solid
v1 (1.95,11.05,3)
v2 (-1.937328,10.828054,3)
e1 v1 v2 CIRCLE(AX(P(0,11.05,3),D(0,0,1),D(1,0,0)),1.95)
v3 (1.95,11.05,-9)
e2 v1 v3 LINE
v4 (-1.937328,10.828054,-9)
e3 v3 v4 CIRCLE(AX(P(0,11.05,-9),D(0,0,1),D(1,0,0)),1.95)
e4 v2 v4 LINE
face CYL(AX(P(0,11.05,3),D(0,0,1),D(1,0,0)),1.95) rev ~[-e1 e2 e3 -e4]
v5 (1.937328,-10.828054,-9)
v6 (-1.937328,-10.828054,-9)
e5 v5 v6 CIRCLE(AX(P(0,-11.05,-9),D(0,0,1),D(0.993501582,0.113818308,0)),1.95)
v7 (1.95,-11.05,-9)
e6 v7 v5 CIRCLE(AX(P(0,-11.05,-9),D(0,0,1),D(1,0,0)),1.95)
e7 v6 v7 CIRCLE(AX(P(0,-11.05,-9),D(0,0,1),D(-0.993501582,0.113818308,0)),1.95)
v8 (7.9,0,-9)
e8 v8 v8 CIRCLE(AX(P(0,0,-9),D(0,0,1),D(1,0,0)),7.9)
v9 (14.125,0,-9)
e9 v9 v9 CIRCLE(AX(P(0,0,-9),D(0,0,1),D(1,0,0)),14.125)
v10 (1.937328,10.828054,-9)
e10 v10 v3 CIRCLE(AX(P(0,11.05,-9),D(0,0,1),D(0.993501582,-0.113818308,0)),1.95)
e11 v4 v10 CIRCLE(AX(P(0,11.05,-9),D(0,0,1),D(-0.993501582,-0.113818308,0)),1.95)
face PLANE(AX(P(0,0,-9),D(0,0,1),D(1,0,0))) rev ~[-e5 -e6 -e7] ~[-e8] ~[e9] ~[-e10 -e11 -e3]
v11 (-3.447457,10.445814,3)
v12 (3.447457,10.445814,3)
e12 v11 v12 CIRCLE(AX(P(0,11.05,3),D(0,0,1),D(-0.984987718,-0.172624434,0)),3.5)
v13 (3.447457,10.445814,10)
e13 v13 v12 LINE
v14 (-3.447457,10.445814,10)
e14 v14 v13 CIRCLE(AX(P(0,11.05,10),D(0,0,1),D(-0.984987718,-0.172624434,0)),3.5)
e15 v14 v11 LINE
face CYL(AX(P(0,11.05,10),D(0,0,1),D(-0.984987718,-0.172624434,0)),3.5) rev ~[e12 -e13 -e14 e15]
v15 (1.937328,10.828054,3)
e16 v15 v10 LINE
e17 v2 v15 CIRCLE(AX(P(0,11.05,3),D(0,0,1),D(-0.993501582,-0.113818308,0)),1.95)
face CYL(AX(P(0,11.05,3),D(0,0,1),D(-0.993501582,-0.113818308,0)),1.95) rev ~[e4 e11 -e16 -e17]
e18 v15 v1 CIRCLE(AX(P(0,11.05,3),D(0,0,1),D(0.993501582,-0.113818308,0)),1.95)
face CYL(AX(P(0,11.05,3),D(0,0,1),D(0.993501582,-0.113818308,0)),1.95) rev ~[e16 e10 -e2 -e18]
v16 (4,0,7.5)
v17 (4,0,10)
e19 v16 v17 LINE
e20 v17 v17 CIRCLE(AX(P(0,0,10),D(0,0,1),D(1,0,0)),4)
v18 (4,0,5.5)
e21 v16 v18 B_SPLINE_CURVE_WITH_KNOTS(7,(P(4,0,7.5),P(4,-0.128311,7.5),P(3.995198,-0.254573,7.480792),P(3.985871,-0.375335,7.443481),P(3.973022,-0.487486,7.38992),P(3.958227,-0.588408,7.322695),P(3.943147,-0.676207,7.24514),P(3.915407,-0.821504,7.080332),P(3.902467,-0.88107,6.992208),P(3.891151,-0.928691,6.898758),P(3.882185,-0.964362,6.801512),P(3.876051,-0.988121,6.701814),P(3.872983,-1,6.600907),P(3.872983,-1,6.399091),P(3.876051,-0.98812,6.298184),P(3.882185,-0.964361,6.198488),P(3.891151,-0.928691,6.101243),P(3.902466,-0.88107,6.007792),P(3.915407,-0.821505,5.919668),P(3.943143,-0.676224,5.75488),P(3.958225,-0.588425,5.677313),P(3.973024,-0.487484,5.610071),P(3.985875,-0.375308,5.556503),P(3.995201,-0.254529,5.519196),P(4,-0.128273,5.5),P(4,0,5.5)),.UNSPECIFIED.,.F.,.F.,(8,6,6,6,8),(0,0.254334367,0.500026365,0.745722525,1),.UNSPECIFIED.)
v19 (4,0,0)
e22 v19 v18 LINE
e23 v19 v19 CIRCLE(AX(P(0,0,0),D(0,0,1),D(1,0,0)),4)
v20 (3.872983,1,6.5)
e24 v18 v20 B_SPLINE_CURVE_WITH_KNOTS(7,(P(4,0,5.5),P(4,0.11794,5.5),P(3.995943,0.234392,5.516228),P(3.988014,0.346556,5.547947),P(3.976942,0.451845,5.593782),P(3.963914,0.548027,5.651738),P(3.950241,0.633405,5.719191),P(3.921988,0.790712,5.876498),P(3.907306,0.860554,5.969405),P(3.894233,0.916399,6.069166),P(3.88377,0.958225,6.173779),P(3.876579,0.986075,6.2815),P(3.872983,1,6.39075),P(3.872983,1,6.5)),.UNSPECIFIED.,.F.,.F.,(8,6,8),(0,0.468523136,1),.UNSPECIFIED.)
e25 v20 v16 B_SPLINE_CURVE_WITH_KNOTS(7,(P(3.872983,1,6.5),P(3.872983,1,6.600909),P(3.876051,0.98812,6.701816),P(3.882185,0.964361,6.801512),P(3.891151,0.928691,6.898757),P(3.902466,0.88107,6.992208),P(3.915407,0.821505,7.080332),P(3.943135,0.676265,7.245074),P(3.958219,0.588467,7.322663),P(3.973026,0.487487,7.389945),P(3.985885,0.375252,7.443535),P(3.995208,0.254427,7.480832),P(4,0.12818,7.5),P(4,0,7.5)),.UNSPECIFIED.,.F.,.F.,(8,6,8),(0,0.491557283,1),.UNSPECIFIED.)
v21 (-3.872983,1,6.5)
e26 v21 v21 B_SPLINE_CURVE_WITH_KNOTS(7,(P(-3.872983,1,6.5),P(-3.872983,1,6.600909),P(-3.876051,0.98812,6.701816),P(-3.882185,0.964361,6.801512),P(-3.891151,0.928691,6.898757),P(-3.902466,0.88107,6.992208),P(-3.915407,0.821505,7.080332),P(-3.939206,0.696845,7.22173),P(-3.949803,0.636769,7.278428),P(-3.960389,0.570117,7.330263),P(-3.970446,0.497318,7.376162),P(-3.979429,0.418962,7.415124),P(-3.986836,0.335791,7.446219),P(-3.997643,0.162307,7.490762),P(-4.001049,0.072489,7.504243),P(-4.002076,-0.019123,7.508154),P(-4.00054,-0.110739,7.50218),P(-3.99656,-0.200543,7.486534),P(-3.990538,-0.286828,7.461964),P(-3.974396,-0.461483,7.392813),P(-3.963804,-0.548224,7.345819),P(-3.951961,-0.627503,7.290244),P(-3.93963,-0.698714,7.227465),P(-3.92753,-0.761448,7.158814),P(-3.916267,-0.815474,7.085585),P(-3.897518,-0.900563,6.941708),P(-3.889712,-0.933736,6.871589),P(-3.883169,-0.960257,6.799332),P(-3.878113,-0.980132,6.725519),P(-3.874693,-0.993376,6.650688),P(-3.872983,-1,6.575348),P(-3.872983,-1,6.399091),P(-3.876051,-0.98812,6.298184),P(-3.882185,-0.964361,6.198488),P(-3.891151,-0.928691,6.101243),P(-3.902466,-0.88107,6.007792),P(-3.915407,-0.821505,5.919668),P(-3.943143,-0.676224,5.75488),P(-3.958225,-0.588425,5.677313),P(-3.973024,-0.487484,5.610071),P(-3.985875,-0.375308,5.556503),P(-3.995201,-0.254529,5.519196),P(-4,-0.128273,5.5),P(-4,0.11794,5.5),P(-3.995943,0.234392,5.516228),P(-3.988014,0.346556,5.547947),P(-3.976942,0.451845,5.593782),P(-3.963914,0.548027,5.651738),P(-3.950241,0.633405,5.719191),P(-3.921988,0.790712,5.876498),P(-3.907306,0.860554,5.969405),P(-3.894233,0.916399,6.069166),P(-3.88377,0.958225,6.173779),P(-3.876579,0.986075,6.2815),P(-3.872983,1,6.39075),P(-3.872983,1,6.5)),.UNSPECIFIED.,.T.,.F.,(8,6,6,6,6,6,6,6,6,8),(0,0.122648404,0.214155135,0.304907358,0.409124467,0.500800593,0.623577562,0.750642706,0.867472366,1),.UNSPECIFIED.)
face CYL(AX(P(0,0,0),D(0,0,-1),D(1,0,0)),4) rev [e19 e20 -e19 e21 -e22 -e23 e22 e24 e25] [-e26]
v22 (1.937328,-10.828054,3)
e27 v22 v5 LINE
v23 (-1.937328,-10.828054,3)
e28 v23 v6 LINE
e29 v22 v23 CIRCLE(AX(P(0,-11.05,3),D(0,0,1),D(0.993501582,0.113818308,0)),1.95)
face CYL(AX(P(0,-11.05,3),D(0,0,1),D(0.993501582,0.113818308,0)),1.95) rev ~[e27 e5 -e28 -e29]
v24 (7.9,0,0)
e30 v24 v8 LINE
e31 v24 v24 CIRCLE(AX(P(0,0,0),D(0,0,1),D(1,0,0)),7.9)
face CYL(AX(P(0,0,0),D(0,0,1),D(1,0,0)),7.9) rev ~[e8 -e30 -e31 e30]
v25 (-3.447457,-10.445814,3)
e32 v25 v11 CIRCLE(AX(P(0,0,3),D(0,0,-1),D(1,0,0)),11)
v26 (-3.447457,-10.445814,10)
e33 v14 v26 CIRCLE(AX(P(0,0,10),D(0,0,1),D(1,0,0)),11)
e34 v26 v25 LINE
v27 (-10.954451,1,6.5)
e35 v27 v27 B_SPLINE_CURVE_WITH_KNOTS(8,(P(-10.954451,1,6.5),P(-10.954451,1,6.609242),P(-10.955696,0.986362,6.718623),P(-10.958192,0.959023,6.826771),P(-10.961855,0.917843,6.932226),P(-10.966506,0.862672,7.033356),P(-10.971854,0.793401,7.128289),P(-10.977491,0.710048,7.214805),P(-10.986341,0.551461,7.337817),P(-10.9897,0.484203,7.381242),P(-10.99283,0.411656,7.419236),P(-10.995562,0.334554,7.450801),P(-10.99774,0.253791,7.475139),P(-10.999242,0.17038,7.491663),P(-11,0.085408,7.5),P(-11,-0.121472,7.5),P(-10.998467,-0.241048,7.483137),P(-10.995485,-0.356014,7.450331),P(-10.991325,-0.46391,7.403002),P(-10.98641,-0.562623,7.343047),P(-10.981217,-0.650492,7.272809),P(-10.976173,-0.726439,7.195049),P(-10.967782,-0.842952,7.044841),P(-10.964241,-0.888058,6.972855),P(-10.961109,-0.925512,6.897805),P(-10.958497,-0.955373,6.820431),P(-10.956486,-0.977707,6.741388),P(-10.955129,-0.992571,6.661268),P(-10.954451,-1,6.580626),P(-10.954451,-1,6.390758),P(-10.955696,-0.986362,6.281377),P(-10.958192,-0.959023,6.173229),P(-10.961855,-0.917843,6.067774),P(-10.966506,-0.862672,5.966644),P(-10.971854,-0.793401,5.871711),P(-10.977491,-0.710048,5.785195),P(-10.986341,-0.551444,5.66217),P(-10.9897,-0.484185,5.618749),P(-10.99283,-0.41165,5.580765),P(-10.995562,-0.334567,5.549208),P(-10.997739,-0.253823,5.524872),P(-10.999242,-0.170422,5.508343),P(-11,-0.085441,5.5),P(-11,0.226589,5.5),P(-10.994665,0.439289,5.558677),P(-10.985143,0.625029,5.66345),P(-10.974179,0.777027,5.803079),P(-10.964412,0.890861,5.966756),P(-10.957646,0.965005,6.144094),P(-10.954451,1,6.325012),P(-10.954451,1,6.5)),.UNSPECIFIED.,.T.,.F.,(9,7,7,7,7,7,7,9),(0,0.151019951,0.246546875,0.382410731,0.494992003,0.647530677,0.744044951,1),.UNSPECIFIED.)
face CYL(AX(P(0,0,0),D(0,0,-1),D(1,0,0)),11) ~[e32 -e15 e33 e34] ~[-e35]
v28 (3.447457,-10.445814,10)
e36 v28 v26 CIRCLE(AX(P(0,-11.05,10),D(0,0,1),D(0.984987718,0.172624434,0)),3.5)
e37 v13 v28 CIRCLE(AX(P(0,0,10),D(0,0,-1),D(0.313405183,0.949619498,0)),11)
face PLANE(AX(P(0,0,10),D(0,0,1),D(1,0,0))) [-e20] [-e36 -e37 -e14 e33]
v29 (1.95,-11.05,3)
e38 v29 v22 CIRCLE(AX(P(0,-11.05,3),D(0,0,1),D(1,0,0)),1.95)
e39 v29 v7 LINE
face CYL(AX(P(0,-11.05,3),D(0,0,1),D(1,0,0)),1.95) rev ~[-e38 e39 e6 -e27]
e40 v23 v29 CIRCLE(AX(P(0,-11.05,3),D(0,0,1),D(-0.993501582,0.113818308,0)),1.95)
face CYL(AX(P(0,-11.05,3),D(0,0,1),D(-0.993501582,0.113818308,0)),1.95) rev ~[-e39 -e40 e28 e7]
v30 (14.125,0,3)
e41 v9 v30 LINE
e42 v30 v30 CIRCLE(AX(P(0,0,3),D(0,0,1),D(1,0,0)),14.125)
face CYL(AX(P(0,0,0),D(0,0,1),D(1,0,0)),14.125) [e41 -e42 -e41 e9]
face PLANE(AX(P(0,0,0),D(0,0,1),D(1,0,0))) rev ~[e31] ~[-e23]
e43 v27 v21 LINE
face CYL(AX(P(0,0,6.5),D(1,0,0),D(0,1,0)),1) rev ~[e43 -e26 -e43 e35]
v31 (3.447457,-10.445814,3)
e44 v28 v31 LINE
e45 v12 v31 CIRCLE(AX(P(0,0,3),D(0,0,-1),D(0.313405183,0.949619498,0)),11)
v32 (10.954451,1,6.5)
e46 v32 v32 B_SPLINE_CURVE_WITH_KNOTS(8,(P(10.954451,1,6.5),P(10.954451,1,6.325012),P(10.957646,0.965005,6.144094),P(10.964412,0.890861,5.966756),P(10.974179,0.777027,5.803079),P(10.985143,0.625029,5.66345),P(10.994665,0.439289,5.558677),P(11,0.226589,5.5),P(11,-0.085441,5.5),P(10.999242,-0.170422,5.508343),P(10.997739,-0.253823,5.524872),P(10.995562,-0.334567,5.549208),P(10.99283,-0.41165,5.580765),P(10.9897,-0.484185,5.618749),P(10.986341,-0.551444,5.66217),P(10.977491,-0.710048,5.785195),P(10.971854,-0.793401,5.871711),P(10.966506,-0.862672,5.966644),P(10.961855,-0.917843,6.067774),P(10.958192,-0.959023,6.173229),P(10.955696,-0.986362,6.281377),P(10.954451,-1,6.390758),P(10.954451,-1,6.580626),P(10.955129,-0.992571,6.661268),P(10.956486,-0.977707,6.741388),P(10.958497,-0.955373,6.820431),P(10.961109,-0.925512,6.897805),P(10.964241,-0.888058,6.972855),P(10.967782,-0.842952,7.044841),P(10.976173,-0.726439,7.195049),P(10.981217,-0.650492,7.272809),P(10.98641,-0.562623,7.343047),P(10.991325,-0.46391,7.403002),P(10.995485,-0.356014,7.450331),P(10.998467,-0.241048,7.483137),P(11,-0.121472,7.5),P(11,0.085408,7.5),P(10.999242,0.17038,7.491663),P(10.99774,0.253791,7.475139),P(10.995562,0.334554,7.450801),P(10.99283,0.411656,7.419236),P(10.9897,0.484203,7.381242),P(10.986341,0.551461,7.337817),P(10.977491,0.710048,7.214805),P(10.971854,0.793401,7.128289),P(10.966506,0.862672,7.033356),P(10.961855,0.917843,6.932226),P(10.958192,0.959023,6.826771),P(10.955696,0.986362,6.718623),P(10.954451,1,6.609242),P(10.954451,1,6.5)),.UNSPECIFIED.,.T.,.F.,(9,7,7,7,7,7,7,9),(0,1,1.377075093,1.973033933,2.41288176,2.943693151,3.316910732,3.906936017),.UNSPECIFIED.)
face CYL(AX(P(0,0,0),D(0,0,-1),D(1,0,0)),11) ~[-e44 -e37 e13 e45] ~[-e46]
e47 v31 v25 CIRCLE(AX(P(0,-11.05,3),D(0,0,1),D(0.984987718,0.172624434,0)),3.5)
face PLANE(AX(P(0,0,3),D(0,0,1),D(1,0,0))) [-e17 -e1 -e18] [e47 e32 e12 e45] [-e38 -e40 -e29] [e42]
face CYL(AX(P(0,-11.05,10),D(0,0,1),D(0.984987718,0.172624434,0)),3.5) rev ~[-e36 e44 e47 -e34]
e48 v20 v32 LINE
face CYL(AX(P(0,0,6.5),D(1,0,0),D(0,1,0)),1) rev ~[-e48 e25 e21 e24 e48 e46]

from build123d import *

# Parameters (mm, degrees)
F0_R      = 14.125
F0_R_2    = 11
F0_R_3    = 4
F1_DEPTH  = 3
F2_DEPTH  = 10
F3_R      = 14.125
F3_R_2    = 7.9
F4_DEPTH  = 9
F6_DEPTH  = 12
F7_R      = 1
F8_DEPTH  = 12.5
F10_DEPTH = 7


with BuildPart() as f1:
    # F0 (on Top) → F1 (new body)
    with BuildSketch(Plane.XY):
        Circle(F0_R)
        Circle(F0_R_2, mode=Mode.SUBTRACT)
        Circle(F0_R_2)
        Circle(F0_R_3, mode=Mode.SUBTRACT)
    extrude(amount=F1_DEPTH)

    # F0 (on Top) → F2 (join)
    with BuildSketch(Plane.XY):
        Circle(F0_R_2)
        Circle(F0_R_3, mode=Mode.SUBTRACT)
    extrude(amount=F2_DEPTH)

    # F3 (on Top) → F4 (join)
    with BuildSketch(Plane.XY):
        Circle(F3_R)
        Circle(F3_R_2, mode=Mode.SUBTRACT)
    extrude(amount=-F4_DEPTH)

    # F5 (on face) → F6 (cut, through all)
    with BuildSketch(Plane.XY.offset(3)):
        with BuildLine():
            ThreePointArc((1.9373280842, 10.8280542986), (0, 11), (-1.9373280842, 10.8280542986))
            ThreePointArc((-1.9373280842, 10.8280542986), (0, 9.1), (1.9373280842, 10.8280542986))
        make_face()
        with BuildLine():
            ThreePointArc((1.9373280842, 10.8280542986), (1.9468294435, 10.9388464218), (1.95, 11.05))
            ThreePointArc((1.95, 11.05), (-0.1111535782, 12.9968294435), (-1.9373280842, 10.8280542986))
            ThreePointArc((-1.9373280842, 10.8280542986), (0, 11), (1.9373280842, 10.8280542986))
        make_face()
        with BuildLine():
            ThreePointArc((1.9373280842, -10.8280542986), (0, -9.1), (-1.9373280842, -10.8280542986))
            ThreePointArc((-1.9373280842, -10.8280542986), (0, -11), (1.9373280842, -10.8280542986))
        make_face()
        with BuildLine():
            ThreePointArc((1.9373280842, -10.8280542986), (0, -11), (-1.9373280842, -10.8280542986))
            ThreePointArc((-1.9373280842, -10.8280542986), (-0.1111535782, -12.9968294435), (1.95, -11.05))
            ThreePointArc((1.95, -11.05), (1.9468294435, -10.9388464218), (1.9373280842, -10.8280542986))
        make_face()
    extrude(amount=-F6_DEPTH, mode=Mode.SUBTRACT)

    # F7 (on Right) → F8 (cut, symmetric)
    with BuildSketch(Plane.YZ):
        with Locations((0, 6.5)):
            Circle(F7_R)
    extrude(amount=F8_DEPTH, both=True, mode=Mode.SUBTRACT)

    # F9 (on face) → F10 (cut, through all)
    with BuildSketch(Plane.XY.offset(10)):
        with BuildLine():
            ThreePointArc((3.4474570131, 10.4458144796), (0, 11), (-3.4474570131, 10.4458144796))
            ThreePointArc((-3.4474570131, 10.4458144796), (0, 7.55), (3.4474570131, 10.4458144796))
        make_face()
        with BuildLine():
            ThreePointArc((3.4474570131, -10.4458144796), (0, -7.55), (-3.4474570131, -10.4458144796))
            ThreePointArc((-3.4474570131, -10.4458144796), (0, -11), (3.4474570131, -10.4458144796))
        make_face()
    extrude(amount=-F10_DEPTH, mode=Mode.SUBTRACT)


solid = f1.part
